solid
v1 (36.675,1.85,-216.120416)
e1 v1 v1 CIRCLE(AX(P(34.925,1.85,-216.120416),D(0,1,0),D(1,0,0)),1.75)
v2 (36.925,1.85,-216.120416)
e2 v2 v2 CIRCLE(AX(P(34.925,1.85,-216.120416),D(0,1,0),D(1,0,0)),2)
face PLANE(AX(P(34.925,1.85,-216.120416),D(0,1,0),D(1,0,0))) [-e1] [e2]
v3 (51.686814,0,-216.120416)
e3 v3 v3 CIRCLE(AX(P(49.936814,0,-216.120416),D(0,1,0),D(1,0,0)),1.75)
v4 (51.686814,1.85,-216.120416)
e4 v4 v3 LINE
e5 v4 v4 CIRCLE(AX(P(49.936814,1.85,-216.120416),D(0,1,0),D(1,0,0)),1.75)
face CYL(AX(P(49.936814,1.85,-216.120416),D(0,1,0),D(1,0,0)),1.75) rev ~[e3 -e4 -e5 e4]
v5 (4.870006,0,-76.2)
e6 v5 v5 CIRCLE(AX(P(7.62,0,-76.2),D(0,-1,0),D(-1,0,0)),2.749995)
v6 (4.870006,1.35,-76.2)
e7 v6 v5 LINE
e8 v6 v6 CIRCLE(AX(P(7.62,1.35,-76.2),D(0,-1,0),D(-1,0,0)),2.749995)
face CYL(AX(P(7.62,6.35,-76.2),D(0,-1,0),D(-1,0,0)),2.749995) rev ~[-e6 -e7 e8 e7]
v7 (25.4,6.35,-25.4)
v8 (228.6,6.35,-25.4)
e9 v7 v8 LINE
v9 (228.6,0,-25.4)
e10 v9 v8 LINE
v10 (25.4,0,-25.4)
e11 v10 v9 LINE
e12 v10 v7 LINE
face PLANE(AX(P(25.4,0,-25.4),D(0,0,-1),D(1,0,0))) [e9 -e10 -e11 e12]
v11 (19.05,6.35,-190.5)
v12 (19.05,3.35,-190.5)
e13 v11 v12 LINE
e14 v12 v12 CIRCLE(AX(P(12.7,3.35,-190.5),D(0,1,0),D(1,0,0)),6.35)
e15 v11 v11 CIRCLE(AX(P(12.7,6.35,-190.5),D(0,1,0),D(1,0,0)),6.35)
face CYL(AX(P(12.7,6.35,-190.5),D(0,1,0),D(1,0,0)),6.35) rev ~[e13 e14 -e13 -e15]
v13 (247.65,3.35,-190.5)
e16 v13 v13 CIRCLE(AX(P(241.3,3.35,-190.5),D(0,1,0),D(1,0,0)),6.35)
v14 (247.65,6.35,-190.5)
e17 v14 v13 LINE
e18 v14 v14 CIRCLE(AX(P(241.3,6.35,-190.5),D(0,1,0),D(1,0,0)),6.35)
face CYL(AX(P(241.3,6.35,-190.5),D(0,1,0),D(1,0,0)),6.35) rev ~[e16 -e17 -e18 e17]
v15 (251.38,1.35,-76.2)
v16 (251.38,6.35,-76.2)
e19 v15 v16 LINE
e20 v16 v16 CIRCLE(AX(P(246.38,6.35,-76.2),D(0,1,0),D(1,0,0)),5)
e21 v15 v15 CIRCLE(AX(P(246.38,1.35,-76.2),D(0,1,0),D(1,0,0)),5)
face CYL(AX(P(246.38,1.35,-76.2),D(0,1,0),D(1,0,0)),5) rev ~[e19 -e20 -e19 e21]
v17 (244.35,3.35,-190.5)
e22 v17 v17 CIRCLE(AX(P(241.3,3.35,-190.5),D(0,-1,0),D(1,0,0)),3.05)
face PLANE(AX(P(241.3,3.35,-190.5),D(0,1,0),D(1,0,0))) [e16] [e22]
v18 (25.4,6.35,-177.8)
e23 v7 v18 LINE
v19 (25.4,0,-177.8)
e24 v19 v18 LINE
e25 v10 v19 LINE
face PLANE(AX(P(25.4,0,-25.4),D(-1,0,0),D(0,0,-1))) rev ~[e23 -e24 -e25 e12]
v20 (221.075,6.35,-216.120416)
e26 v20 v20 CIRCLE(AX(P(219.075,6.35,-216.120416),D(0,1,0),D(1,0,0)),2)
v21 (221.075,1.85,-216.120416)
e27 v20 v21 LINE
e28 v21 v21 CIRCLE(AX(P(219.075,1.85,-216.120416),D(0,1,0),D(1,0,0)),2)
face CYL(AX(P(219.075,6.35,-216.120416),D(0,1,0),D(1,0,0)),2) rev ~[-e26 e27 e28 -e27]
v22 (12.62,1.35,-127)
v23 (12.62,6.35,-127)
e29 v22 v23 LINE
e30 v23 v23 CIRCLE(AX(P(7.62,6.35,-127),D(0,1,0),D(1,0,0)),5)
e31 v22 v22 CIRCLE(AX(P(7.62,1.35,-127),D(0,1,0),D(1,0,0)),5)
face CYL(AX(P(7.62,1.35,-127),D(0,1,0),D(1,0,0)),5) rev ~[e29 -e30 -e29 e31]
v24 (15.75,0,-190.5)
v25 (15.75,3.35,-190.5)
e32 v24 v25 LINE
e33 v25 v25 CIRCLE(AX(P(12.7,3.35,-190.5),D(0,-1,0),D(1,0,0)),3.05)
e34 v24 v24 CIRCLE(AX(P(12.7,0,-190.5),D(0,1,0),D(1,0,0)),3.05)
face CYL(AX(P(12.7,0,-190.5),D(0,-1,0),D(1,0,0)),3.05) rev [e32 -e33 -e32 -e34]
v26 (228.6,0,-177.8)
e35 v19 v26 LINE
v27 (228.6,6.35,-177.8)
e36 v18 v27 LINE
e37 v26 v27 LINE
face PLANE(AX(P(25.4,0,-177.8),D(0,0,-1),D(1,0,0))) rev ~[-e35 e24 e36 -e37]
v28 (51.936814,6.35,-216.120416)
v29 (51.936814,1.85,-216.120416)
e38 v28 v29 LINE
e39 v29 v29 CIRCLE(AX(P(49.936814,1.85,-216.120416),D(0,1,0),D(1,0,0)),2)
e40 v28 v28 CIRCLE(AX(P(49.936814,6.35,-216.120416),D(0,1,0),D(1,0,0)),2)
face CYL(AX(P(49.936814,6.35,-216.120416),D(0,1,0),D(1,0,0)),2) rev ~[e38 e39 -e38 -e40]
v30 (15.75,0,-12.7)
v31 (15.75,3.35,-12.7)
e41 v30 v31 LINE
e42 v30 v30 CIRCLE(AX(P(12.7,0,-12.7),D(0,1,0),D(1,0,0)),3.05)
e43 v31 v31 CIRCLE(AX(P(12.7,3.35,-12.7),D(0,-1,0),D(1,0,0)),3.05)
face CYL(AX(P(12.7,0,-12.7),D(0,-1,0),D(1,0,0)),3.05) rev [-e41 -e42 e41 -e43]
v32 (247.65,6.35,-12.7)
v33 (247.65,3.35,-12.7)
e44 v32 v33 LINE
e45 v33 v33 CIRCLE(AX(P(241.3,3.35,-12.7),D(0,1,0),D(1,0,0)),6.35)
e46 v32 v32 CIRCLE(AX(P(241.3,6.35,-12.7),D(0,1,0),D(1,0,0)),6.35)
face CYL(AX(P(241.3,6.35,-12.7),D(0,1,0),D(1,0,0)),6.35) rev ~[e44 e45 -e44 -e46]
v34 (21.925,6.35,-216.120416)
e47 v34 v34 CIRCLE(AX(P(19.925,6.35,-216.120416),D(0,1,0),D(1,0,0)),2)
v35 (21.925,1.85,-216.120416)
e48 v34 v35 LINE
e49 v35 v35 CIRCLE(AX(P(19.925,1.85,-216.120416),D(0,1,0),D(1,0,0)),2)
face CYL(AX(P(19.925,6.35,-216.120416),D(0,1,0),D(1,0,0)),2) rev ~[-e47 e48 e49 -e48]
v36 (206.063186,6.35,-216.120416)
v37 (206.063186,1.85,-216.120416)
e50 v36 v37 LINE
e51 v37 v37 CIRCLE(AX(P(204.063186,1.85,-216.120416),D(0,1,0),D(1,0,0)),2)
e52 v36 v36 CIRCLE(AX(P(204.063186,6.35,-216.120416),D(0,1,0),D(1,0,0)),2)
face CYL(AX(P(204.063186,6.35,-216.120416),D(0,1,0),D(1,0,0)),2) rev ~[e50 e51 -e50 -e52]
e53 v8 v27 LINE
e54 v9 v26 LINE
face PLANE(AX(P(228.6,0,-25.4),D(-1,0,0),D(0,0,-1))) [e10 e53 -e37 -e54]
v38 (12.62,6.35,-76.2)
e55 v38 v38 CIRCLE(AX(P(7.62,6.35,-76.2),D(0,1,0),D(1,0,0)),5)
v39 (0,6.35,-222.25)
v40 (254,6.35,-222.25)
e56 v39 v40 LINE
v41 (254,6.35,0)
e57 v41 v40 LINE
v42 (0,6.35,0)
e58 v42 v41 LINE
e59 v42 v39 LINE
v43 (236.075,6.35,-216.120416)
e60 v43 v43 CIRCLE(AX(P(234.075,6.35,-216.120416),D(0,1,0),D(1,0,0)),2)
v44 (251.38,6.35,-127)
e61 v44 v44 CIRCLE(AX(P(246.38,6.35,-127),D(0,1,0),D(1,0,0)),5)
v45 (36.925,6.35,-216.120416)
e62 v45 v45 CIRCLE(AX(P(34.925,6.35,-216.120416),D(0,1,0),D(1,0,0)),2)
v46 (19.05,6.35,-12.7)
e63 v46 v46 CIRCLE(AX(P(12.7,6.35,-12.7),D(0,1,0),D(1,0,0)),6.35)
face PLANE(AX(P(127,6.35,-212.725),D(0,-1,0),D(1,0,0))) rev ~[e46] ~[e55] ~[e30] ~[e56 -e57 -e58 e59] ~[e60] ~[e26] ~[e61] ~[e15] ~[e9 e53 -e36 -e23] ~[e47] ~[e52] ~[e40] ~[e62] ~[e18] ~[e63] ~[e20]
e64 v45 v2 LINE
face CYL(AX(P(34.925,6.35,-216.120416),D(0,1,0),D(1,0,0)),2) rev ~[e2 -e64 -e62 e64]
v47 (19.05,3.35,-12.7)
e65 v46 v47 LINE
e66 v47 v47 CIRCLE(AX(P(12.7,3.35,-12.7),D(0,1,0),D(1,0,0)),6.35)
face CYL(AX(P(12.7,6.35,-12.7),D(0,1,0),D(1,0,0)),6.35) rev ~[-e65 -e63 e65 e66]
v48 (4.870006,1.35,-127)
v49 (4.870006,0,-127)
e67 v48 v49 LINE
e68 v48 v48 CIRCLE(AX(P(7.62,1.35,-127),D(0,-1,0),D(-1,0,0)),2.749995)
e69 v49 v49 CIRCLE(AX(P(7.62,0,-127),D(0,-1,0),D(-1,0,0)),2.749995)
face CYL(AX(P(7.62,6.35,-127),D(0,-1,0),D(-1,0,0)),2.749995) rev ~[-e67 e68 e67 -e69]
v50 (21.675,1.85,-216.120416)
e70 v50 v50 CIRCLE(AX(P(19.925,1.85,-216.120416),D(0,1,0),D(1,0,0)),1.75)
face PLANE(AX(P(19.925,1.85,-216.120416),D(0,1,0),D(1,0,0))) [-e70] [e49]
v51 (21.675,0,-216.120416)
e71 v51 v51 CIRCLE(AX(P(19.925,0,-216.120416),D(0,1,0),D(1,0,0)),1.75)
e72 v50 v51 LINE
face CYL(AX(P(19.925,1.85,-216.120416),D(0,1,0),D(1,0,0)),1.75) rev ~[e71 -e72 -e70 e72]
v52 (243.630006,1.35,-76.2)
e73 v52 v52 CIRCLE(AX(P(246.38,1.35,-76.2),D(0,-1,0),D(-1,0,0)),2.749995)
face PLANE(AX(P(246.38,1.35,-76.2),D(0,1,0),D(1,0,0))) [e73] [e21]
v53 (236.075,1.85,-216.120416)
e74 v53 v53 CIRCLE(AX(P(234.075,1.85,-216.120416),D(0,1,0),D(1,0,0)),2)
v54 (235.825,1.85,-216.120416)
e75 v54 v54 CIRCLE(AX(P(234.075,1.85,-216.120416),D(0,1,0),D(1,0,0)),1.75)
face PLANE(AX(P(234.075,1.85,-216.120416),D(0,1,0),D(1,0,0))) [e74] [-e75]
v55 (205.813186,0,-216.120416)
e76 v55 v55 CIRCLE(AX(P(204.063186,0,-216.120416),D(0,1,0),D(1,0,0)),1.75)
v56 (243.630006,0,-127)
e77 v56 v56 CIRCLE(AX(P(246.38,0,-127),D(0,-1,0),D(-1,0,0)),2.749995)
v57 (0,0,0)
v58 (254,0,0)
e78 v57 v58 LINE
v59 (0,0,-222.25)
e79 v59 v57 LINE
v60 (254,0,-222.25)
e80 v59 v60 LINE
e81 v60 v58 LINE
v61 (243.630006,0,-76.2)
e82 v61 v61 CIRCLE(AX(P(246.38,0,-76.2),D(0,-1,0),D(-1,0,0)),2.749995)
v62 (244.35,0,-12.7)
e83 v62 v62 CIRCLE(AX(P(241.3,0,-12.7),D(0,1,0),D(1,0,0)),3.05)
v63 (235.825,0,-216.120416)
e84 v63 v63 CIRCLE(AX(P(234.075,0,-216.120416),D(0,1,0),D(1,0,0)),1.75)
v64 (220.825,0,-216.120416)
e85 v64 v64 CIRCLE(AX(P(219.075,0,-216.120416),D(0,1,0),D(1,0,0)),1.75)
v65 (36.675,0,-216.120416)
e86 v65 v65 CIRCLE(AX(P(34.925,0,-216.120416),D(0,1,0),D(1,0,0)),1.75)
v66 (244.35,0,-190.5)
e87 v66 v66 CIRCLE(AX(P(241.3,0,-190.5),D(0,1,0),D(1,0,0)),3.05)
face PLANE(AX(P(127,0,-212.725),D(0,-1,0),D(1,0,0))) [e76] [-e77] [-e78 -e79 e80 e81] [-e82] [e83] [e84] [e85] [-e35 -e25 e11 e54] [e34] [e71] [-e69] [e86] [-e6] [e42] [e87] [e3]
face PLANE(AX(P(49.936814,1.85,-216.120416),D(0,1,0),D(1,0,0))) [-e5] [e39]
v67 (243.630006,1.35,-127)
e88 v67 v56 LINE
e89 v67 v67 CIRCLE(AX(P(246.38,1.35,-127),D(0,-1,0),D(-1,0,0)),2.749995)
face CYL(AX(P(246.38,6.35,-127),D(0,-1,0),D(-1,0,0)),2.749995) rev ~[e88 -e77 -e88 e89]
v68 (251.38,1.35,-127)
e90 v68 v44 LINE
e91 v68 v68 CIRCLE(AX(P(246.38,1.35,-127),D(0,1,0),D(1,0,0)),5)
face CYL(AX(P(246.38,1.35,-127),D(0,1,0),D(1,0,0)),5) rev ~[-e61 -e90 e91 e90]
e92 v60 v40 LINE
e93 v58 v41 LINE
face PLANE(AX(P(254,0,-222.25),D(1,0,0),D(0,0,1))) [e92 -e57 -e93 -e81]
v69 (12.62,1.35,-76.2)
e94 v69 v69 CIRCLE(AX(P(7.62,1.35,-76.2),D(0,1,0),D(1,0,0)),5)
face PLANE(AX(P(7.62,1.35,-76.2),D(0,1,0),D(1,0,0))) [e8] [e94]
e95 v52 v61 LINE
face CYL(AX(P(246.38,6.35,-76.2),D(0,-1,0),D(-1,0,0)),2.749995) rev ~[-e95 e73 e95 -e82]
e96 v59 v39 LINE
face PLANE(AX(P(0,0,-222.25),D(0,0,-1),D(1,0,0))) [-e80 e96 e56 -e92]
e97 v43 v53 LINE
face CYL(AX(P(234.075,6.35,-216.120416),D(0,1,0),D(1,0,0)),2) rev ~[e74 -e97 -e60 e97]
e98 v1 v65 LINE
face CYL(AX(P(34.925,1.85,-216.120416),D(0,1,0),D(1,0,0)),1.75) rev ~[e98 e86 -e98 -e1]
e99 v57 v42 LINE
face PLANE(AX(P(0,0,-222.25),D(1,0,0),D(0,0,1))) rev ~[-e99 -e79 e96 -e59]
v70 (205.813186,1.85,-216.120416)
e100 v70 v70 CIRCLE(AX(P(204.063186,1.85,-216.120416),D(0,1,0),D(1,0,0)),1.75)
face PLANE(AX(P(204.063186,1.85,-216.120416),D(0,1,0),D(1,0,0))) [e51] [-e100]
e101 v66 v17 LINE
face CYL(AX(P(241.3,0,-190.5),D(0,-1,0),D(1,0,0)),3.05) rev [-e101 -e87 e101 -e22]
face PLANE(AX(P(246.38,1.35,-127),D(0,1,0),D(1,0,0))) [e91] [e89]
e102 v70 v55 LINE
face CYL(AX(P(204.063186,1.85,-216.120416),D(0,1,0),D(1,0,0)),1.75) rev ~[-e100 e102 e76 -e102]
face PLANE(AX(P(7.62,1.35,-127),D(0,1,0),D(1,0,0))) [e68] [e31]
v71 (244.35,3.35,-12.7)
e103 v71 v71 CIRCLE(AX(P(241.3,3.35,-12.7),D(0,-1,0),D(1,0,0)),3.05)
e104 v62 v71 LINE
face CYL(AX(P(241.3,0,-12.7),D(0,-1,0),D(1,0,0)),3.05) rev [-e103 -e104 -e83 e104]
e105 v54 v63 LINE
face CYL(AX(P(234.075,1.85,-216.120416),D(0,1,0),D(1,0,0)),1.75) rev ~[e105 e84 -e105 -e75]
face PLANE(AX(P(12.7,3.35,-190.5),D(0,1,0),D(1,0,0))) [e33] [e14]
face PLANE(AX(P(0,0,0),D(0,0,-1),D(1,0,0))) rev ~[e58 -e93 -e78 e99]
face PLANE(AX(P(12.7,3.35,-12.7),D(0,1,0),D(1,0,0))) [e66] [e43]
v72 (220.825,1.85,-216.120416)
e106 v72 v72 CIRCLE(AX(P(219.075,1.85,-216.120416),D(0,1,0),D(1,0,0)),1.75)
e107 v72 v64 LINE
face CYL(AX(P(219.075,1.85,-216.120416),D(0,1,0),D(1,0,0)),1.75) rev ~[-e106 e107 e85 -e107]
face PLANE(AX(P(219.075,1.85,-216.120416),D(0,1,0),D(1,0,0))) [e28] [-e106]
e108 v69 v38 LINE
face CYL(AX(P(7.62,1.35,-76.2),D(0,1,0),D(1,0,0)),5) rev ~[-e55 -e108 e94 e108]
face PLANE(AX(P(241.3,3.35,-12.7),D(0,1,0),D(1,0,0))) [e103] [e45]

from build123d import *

# Parameters (mm, degrees)
SKETCH1_W                      = 254
SKETCH1_H                      = 203.2
SKETCH1_R                      = 3.05
SKETCH1_W_2                    = 203.2
SKETCH1_H_2                    = 152.4
BOSS_EXTRUDE1_DEPTH            = 6.35
SKETCH2_R                      = 6.35
CUT_EXTRUDE1_DEPTH             = 3
CBORE_FOR_M5_SHCS1_D           = 5.499989
CBORE_FOR_M5_SHCS1_CBORE_D     = 10
CBORE_FOR_M5_SHCS1_CBORE_DEPTH = 5
SKETCH5_W                      = 254
SKETCH5_H                      = 19.05
BOSS_EXTRUDE3_DEPTH            = 6.35
SKETCH6_R                      = 2
CUT_EXTRUDE2_DEPTH             = 4.5
SKETCH7_R                      = 1.75
CUT_EXTRUDE3_DEPTH             = 4.5


with BuildPart() as part:
    # Sketch1 → Boss-Extrude1 (new body)
    with BuildSketch(Plane(origin=(0, 0, 0), x_dir=(1, 0, 0), z_dir=(0, 1, 0))):
        with Locations((127, 101.6)):
            Rectangle(SKETCH1_W, SKETCH1_H)
        with Locations((12.7, 190.5)):
            Circle(SKETCH1_R, mode=Mode.SUBTRACT)
        with Locations((241.3, 190.5)):
            Circle(SKETCH1_R, mode=Mode.SUBTRACT)
        with Locations((241.3, 12.7)):
            Circle(SKETCH1_R, mode=Mode.SUBTRACT)
        with Locations((12.7, 12.7)):
            Circle(SKETCH1_R, mode=Mode.SUBTRACT)
        with Locations((127, 101.6)):
            Rectangle(SKETCH1_W_2, SKETCH1_H_2, mode=Mode.SUBTRACT)
    extrude(amount=BOSS_EXTRUDE1_DEPTH)

    # Sketch2 → Cut-Extrude1 (cut)
    with BuildSketch(Plane(origin=(0, 6.35, 0), x_dir=(1, 0, 0), z_dir=(0, 1, 0))):
        with Locations((12.7, 190.5)):
            Circle(SKETCH2_R)
        with Locations((241.3, 190.5)):
            Circle(SKETCH2_R)
        with Locations((241.3, 12.7)):
            Circle(SKETCH2_R)
        with Locations((12.7, 12.7)):
            Circle(SKETCH2_R)
    extrude(amount=-CUT_EXTRUDE1_DEPTH, mode=Mode.SUBTRACT)

    # CBORE for M5 SHCS1 (through all)
    with Locations(Plane(origin=(0, 6.35, 0), x_dir=(1, 0, 0), z_dir=(0, 1, 0))):
        with Locations((246.38, 76.2), (246.38, 127), (7.62, 76.2), (7.62, 127)):
            CounterBoreHole(CBORE_FOR_M5_SHCS1_D / 2, CBORE_FOR_M5_SHCS1_CBORE_D / 2, CBORE_FOR_M5_SHCS1_CBORE_DEPTH)

    # Sketch5 → Boss-Extrude3 (add)
    with BuildSketch(Plane.XZ):
        with Locations((127, -212.725)):
            Rectangle(SKETCH5_W, SKETCH5_H)
    extrude(amount=-BOSS_EXTRUDE3_DEPTH)

    # Sketch6 → Cut-Extrude2 (cut)
    with BuildSketch(Plane(origin=(0, 6.35, 0), x_dir=(1, 0, 0), z_dir=(0, 1, 0))):
        with Locations((19.924999942, 216.120415829)):
            Circle(SKETCH6_R)
        with Locations((34.924999942, 216.120415829)):
            Circle(SKETCH6_R)
        with Locations((49.936813619, 216.120415829)):
            Circle(SKETCH6_R)
        with Locations((204.063186381, 216.120415829)):
            Circle(SKETCH6_R)
        with Locations((219.075000058, 216.120415829)):
            Circle(SKETCH6_R)
        with Locations((234.075000058, 216.120415829)):
            Circle(SKETCH6_R)
    extrude(amount=-CUT_EXTRUDE2_DEPTH, mode=Mode.SUBTRACT)

    # Sketch7 → Cut-Extrude3 (cut)
    with BuildSketch(Plane(origin=(0, 1.85, 0), x_dir=(1, 0, 0), z_dir=(0, 1, 0))):
        with Locations((19.924999942, 216.120415829)):
            Circle(SKETCH7_R)
        with Locations((34.924999942, 216.120415829)):
            Circle(SKETCH7_R)
        with Locations((49.936813619, 216.120415829)):
            Circle(SKETCH7_R)
        with Locations((204.063186381, 216.120415829)):
            Circle(SKETCH7_R)
        with Locations((219.075000058, 216.120415829)):
            Circle(SKETCH7_R)
        with Locations((234.075000058, 216.120415829)):
            Circle(SKETCH7_R)
    extrude(amount=-CUT_EXTRUDE3_DEPTH, mode=Mode.SUBTRACT)


solid = part.part
